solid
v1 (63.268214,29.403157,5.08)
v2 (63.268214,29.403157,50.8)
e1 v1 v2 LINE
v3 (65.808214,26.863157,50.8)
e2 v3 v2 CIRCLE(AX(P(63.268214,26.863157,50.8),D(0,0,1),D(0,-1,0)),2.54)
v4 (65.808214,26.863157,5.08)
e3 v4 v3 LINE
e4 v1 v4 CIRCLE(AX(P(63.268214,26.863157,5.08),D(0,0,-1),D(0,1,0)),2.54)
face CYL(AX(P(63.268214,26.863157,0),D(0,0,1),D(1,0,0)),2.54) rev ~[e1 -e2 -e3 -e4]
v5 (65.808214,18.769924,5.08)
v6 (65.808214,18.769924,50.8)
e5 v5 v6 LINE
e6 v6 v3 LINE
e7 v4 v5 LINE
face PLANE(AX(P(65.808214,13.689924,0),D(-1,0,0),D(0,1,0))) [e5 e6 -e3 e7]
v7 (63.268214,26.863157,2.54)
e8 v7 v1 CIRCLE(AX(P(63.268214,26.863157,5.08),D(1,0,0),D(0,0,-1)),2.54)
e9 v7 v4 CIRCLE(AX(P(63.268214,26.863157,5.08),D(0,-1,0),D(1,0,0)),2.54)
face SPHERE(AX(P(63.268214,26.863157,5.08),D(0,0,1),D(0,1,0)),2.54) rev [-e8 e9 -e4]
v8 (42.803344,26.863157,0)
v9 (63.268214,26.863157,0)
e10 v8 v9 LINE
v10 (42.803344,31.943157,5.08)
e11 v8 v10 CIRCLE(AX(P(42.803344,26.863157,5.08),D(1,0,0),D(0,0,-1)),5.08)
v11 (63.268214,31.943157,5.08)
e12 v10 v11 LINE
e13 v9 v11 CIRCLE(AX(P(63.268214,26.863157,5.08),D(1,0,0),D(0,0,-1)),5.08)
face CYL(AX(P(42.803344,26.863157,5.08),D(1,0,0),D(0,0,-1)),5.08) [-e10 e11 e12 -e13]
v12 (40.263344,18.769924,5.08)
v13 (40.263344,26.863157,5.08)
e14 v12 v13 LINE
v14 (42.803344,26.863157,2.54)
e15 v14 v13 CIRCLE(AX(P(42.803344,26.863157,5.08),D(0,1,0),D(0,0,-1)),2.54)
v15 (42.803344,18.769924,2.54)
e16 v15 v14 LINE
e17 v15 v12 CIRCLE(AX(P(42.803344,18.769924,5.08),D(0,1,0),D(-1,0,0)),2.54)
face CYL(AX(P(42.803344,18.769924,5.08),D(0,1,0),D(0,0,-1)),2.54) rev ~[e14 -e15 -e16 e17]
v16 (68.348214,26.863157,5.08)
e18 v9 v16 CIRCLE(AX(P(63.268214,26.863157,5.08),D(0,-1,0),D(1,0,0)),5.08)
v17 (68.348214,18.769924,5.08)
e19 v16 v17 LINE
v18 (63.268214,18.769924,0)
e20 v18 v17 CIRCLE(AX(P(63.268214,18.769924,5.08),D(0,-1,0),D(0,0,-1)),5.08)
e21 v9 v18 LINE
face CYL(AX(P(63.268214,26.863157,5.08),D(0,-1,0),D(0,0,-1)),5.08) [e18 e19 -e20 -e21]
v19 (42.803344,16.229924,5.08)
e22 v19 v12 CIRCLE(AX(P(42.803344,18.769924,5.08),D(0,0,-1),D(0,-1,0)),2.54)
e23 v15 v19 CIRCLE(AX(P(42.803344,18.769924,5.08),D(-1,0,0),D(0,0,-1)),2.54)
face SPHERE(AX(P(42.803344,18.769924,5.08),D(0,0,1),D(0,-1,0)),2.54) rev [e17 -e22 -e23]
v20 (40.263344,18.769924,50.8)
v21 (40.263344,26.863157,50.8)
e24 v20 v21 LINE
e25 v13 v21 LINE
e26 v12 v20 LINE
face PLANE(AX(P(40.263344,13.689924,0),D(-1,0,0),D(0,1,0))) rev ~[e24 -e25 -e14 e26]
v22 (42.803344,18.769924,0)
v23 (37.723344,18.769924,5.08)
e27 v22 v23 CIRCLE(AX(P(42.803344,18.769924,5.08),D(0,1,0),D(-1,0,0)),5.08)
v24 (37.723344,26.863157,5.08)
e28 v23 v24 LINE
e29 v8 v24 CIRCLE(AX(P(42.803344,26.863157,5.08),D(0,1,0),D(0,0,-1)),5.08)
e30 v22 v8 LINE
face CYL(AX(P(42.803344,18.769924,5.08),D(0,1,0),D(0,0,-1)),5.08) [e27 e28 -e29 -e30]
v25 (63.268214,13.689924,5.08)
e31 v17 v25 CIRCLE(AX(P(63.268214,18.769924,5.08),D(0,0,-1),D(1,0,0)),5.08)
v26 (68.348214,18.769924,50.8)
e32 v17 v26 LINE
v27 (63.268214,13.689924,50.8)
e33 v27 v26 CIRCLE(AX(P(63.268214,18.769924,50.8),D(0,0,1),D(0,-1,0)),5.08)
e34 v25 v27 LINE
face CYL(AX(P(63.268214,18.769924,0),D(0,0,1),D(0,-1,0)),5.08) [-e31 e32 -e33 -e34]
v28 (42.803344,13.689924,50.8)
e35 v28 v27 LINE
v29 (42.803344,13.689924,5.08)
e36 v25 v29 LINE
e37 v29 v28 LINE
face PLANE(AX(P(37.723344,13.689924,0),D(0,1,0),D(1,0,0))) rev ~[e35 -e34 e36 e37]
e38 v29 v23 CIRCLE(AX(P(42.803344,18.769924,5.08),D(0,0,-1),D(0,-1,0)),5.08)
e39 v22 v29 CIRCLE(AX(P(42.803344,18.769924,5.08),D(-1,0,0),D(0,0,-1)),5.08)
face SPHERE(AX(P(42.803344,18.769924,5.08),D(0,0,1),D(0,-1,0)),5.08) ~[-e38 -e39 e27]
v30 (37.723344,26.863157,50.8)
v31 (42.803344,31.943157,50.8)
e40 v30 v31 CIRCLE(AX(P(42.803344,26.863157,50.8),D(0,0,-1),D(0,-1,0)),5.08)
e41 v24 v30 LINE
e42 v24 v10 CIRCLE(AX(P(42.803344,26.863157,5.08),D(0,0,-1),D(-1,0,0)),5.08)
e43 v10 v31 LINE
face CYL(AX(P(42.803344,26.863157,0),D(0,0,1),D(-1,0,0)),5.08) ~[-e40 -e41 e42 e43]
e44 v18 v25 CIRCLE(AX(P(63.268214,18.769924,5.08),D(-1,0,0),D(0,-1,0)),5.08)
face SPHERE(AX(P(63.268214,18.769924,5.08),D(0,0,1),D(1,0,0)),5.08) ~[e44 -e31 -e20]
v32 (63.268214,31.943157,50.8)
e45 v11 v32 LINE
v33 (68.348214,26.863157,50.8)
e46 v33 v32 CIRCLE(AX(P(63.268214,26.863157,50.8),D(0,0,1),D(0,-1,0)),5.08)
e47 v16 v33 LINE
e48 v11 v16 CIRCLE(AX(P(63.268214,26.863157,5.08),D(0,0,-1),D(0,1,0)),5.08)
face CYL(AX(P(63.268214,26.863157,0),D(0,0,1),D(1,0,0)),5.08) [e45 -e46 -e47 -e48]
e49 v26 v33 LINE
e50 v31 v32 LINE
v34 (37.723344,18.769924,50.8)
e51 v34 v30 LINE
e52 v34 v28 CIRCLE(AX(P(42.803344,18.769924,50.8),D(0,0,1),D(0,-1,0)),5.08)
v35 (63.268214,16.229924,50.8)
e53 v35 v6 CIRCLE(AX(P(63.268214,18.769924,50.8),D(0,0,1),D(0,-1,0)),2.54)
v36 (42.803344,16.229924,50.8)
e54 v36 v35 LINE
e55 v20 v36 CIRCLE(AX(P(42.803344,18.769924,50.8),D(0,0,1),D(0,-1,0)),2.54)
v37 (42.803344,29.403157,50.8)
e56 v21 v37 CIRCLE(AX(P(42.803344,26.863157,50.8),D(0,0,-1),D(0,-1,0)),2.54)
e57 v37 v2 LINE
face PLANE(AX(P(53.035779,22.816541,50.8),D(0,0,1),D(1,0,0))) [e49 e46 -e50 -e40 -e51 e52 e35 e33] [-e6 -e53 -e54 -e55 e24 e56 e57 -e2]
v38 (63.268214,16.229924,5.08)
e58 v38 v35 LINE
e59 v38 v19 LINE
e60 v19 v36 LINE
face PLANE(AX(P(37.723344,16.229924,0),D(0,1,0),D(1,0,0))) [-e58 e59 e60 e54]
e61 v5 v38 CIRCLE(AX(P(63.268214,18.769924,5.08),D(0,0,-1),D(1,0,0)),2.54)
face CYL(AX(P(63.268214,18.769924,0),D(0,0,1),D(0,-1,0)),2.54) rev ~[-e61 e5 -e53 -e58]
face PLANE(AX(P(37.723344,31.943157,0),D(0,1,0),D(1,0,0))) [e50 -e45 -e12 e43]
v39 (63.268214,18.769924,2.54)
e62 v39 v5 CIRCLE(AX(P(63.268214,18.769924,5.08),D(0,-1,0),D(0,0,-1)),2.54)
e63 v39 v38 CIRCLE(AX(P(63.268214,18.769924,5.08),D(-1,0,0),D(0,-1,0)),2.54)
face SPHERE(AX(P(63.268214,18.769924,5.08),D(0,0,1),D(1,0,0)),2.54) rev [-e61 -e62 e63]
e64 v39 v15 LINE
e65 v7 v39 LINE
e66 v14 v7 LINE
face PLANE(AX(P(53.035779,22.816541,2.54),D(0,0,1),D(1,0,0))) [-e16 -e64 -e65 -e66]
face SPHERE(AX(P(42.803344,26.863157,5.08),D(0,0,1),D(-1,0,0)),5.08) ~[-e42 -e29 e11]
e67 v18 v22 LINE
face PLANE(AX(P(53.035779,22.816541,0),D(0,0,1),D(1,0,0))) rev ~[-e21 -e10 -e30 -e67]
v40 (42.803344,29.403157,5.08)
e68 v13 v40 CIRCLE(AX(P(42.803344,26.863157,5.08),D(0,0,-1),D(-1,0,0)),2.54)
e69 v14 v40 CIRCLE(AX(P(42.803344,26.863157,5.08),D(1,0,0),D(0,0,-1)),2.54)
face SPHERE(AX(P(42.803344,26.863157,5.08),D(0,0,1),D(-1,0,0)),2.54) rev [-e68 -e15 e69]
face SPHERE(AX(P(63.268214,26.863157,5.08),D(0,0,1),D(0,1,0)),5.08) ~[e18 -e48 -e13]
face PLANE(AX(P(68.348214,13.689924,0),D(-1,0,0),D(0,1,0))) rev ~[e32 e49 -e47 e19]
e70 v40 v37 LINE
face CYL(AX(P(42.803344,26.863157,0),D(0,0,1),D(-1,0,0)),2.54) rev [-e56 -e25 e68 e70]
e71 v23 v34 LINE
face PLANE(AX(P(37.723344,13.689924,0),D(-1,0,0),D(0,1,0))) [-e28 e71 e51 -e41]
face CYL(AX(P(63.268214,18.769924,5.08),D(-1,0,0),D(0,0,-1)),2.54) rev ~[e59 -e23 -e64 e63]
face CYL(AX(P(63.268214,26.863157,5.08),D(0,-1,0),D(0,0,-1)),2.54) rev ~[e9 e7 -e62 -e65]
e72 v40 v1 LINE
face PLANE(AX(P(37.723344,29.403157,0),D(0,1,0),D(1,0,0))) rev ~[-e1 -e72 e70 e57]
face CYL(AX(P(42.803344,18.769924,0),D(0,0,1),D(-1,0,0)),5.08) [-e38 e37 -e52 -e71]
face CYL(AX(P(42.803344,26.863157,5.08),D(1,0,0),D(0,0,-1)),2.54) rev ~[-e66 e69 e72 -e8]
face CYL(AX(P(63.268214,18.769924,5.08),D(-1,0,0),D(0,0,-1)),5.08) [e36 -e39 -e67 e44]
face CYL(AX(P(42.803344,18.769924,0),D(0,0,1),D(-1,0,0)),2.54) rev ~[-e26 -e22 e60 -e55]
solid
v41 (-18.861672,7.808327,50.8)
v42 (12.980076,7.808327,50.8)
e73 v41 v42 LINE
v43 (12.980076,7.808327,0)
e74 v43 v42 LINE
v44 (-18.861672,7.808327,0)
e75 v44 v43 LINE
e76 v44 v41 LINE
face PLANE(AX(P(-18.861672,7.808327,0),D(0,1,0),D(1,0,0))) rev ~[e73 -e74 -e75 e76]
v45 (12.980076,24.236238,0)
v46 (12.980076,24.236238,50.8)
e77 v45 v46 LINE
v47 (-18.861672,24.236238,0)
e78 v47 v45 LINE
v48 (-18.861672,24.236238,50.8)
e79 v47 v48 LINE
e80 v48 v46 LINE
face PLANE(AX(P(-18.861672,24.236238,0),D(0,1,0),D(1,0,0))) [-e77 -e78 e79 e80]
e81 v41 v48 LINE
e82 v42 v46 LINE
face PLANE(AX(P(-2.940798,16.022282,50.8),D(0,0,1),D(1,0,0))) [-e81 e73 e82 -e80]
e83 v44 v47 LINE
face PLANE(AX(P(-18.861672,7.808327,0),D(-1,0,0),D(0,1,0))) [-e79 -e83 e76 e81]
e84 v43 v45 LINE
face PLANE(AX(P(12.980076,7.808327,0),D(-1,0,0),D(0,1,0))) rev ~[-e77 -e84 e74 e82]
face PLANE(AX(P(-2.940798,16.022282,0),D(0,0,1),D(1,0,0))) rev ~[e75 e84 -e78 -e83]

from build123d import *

# Parameters (mm, degrees)
F0_W     = 31.8417474627
F0_H     = 16.427910421
F1_DEPTH = 50.8
F0_W_2   = 30.6248702109
F0_H_2   = 18.2532332838
F2_R     = 5.08
F3_R     = 5.08
F4_T     = -2.54


with BuildPart() as f1:
    # F0 (on Top) → F1 (new body)
    with BuildSketch(Plane.XY):
        with Locations((-2.9407981783, 16.0222824197)):
            Rectangle(F0_W, F0_H)
    extrude(amount=F1_DEPTH)


with BuildPart() as f1b:
    # F0 (on Top) → F1, piece 2 (new body)
    with BuildSketch(Plane.XY):
        with Locations((53.0357789248, 22.8165406734)):
            Rectangle(F0_W_2, F0_H_2)
    extrude(amount=F1_DEPTH)

    # F2
    f2_edges = [f1b.edges().sort_by_distance(p)[0] for p in [
        (68.348214, 13.689924, 25.4),
        (68.348214, 31.943157, 25.4),
        (37.723344, 13.689924, 25.4),
        (37.723344, 31.943157, 25.4),
    ]]
    fillet(f2_edges, radius=F2_R)

    # F3
    f3_edges = [f1b.edges().sort_by_distance(p)[0] for p in [
        (53.035779, 31.943157, 0),
    ]]
    fillet(f3_edges, radius=F3_R)

    # F4
    f4_openings = [f1b.faces().sort_by_distance(p)[0] for p in [
        (53.035779, 22.816541, 50.8),
    ]]
    offset(amount=F4_T, openings=f4_openings)


solid = Compound([f1.part, f1b.part])
